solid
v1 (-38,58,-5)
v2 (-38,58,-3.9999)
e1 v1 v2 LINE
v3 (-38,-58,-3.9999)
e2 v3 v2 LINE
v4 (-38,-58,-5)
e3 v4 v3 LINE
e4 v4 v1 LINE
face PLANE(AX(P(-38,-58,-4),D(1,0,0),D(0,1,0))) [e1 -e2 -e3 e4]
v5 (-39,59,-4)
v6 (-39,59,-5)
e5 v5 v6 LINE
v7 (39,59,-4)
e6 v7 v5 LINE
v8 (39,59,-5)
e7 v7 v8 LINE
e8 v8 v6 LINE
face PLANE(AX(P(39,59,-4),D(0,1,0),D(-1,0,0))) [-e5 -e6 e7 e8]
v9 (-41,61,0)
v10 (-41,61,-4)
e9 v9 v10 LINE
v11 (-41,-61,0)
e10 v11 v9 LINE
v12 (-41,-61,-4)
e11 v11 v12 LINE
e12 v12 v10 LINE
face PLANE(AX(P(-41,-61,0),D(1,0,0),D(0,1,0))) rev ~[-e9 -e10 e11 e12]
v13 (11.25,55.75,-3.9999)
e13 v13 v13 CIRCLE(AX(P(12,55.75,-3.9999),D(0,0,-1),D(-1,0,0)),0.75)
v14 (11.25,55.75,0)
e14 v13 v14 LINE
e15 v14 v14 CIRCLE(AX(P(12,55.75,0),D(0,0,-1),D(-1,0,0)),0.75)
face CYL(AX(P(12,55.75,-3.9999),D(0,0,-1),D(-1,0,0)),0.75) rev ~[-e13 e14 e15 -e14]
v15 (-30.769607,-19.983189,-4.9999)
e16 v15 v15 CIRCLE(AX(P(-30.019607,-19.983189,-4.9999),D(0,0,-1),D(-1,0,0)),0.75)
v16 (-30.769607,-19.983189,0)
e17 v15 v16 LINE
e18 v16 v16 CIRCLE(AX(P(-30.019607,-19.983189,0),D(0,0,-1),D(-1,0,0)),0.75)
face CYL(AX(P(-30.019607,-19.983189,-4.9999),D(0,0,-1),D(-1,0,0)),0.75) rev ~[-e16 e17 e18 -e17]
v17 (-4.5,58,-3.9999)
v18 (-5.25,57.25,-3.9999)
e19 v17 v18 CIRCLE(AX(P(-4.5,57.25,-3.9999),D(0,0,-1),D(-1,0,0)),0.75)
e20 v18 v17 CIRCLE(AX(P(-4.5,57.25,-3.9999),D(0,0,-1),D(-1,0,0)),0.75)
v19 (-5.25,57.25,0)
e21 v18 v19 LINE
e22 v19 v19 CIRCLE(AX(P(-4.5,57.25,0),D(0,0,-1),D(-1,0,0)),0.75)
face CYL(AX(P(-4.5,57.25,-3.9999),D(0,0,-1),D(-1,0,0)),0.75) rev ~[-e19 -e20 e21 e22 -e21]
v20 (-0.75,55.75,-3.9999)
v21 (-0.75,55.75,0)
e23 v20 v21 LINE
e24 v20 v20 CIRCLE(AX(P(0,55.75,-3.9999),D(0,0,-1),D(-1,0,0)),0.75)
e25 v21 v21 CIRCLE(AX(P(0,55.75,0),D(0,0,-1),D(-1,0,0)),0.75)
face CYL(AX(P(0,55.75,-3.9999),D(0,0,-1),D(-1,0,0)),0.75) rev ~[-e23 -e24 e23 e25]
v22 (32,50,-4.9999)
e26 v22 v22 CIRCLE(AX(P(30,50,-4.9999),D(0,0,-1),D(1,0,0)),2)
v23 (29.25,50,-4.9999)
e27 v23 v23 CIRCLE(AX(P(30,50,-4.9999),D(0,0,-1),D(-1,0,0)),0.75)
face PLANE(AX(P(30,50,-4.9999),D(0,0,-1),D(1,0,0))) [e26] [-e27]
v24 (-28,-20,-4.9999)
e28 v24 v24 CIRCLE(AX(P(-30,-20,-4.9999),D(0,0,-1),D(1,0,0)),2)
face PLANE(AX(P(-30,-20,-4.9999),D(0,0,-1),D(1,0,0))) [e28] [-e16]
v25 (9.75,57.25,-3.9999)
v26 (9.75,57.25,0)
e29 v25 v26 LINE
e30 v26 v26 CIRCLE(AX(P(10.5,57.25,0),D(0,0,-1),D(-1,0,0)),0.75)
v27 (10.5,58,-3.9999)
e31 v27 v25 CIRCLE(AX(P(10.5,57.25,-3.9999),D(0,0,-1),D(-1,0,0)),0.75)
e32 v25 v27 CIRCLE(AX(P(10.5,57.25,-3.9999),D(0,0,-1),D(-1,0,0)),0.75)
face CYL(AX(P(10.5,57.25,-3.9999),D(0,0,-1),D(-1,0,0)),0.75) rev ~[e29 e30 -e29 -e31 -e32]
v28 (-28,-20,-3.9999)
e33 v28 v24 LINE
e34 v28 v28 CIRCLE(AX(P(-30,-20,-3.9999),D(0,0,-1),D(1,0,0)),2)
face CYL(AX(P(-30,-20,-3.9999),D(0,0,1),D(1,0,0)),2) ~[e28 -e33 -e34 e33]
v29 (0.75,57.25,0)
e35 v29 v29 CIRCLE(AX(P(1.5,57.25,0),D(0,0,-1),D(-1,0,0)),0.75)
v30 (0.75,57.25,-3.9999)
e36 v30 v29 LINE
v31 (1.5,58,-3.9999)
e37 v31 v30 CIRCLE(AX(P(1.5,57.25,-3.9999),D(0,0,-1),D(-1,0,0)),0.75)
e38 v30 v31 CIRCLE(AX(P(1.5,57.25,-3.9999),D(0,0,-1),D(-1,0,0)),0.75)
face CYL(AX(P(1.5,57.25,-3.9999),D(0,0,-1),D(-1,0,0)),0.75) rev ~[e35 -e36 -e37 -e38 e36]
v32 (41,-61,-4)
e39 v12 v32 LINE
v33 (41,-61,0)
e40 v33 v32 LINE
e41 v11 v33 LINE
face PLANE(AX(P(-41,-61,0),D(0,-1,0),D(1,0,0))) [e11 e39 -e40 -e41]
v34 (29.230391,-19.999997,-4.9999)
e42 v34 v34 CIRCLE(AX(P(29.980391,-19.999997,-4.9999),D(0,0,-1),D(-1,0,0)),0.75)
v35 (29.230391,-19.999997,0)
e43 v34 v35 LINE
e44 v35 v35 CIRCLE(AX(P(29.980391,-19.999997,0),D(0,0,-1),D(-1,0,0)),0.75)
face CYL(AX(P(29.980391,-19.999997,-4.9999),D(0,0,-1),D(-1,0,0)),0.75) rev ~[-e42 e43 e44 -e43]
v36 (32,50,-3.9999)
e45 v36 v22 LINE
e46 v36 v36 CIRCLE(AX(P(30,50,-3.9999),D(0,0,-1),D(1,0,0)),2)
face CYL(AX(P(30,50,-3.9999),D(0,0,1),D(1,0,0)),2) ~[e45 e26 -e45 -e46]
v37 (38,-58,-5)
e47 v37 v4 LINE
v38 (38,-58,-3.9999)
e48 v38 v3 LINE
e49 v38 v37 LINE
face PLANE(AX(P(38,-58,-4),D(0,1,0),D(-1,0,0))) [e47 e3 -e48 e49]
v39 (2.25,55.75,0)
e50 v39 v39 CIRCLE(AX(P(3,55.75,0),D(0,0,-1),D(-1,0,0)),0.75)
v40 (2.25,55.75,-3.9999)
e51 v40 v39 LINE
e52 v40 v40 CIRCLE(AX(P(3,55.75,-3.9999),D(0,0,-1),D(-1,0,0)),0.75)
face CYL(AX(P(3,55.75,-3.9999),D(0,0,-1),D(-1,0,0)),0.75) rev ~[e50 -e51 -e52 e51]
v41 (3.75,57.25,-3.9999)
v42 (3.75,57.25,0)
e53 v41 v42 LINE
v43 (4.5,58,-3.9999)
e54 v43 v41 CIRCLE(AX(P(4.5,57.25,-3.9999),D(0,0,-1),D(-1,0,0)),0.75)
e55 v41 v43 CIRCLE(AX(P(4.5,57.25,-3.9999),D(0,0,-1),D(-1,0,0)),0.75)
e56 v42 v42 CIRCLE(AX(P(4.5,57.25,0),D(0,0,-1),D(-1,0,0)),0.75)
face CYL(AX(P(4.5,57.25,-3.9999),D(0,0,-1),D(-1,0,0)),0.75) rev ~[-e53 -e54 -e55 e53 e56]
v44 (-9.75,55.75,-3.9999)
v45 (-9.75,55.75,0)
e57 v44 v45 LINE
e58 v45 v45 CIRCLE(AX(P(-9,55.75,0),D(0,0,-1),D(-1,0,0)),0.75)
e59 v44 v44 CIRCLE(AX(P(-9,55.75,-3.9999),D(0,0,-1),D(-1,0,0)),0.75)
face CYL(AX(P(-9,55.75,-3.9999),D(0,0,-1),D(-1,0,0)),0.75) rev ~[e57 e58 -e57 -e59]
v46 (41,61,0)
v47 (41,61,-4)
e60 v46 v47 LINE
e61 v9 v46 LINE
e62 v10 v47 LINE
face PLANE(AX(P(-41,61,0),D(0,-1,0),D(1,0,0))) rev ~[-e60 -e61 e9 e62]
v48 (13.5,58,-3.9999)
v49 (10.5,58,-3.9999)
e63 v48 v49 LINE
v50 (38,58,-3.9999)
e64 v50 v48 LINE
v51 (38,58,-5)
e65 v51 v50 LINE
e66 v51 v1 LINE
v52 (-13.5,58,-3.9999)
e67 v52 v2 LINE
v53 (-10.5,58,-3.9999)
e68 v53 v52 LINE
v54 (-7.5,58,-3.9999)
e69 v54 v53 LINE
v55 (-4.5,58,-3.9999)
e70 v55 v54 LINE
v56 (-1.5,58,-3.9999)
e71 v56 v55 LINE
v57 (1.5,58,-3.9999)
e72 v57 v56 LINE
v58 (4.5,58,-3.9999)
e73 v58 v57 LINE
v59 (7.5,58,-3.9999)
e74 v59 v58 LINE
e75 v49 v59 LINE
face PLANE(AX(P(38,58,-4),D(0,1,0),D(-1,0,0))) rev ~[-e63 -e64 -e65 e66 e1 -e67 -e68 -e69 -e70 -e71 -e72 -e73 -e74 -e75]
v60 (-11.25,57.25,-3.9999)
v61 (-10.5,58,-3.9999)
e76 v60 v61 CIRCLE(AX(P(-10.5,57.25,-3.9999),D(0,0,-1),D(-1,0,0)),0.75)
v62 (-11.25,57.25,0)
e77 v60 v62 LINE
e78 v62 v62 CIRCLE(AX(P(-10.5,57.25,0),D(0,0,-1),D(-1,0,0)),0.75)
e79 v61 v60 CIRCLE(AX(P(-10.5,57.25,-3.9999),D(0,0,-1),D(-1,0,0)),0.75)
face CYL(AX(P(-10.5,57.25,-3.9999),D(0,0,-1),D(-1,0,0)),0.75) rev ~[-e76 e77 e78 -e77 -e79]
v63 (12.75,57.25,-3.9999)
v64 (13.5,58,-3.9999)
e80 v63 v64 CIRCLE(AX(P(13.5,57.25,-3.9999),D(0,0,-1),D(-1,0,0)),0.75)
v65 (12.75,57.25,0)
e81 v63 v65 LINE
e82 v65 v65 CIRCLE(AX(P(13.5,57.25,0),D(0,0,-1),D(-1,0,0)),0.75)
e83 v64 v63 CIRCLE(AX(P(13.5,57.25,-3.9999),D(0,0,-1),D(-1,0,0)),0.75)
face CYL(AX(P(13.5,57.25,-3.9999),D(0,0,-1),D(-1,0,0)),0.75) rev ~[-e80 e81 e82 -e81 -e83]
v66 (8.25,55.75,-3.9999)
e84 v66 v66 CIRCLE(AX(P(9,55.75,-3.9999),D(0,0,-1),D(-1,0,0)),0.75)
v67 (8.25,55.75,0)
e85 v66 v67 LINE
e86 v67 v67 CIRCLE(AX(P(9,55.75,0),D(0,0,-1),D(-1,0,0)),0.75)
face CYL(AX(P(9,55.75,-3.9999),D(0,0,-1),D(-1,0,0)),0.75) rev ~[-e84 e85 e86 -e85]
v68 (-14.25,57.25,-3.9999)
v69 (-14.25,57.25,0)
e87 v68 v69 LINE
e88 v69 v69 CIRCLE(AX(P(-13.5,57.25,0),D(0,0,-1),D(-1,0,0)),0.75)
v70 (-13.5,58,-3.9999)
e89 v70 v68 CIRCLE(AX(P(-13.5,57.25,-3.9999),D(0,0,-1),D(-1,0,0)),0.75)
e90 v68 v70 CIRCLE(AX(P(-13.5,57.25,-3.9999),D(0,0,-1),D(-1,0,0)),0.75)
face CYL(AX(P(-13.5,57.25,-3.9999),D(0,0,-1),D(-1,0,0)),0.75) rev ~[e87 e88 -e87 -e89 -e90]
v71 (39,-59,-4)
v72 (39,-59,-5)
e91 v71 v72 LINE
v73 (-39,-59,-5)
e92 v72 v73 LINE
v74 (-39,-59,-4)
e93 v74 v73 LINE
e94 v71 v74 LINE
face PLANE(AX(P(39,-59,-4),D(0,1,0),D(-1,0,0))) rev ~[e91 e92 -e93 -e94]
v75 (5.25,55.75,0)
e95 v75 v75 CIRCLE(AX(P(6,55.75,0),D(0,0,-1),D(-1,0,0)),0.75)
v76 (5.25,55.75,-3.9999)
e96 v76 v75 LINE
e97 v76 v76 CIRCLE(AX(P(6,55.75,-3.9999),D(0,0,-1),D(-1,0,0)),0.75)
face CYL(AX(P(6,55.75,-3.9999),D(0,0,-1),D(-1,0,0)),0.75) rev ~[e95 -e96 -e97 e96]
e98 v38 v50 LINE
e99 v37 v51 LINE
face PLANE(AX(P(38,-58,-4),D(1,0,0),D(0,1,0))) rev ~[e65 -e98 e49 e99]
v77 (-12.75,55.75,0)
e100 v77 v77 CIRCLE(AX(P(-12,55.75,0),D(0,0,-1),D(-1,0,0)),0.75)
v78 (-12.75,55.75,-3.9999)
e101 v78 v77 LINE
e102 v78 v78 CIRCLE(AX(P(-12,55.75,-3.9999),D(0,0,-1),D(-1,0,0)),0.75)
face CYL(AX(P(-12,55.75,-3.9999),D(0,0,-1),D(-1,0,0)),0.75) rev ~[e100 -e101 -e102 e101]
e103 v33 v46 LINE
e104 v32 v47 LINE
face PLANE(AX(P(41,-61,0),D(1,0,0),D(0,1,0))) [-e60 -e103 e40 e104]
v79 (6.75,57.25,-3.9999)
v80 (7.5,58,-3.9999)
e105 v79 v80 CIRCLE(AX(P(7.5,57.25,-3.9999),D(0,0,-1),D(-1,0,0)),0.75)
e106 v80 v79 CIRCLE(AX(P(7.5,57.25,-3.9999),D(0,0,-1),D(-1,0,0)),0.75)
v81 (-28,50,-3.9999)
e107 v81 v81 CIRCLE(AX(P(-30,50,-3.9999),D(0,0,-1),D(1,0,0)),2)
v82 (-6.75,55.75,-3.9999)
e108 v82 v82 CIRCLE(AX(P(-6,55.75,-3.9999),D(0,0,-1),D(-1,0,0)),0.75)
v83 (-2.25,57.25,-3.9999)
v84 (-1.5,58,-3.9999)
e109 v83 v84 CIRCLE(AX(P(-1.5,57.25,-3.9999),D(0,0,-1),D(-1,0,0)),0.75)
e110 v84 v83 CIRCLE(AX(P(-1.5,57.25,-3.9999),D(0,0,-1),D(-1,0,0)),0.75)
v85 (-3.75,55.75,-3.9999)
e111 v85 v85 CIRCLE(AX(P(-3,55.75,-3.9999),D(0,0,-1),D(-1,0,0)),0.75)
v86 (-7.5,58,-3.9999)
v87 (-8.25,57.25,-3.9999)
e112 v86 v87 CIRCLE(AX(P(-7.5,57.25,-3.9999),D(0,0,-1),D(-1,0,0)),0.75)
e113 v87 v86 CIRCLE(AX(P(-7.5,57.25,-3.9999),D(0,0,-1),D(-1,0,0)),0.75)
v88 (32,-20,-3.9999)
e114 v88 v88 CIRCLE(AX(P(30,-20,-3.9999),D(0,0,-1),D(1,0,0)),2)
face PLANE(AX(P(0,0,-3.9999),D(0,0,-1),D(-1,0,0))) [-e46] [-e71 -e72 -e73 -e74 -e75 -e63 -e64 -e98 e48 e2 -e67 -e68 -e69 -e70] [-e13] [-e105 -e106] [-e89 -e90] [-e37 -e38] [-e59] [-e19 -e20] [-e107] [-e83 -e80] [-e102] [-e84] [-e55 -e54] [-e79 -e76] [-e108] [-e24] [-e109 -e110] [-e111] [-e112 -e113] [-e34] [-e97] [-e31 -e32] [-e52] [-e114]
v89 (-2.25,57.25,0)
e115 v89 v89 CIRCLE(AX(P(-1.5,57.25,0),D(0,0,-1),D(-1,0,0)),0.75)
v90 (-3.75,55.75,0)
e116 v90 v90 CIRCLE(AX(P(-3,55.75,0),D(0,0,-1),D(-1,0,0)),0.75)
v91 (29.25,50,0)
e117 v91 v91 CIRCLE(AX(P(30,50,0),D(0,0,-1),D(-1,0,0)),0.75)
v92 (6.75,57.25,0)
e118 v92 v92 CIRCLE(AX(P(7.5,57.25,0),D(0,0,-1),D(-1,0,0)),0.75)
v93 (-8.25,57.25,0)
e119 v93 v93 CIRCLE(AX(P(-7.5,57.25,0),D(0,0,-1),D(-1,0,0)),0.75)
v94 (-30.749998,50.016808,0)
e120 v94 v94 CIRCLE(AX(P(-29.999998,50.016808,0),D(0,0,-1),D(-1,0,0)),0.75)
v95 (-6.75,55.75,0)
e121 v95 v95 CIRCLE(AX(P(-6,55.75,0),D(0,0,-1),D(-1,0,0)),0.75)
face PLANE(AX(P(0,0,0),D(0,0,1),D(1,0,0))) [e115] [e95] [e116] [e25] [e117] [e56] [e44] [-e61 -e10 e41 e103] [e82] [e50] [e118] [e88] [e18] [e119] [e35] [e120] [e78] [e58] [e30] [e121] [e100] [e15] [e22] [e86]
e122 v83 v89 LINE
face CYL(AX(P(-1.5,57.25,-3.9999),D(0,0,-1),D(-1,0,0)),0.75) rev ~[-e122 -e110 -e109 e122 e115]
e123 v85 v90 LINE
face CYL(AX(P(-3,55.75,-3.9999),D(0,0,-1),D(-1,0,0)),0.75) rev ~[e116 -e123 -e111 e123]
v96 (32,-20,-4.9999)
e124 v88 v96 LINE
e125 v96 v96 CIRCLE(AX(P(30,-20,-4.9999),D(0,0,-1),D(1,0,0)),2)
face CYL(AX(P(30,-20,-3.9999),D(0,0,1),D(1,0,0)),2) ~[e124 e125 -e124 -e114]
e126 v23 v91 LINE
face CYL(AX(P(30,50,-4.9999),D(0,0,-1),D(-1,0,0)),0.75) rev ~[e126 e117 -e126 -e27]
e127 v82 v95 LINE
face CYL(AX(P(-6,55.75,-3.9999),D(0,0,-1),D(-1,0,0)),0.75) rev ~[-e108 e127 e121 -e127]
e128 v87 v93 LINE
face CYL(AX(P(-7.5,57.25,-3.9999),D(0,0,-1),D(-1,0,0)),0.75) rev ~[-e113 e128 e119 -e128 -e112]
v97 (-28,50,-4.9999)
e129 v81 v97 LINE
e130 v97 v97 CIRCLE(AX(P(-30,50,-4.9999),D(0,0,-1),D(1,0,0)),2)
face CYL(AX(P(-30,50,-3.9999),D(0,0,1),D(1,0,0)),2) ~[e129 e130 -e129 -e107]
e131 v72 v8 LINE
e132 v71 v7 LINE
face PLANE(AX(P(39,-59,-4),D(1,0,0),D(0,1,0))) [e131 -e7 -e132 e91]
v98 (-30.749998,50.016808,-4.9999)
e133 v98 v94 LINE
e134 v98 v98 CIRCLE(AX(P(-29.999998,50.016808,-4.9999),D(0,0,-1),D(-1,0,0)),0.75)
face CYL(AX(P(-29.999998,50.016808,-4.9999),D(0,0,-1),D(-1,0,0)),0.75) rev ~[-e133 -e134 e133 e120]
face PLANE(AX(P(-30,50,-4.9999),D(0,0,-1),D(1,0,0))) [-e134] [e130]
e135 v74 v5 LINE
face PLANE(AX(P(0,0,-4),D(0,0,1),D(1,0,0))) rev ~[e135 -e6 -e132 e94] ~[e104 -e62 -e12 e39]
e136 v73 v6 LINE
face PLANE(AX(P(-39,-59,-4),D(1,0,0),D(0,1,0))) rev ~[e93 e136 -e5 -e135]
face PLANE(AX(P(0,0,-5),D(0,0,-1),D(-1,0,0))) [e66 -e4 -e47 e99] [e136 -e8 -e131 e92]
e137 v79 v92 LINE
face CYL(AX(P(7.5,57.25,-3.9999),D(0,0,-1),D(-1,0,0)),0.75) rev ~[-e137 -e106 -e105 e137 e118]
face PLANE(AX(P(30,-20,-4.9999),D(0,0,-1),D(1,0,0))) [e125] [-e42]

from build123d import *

# Parameters (mm, degrees)
SKETCH1_W           = 82
SKETCH1_H           = 122
BOSS_EXTRUDE1_DEPTH = 4
SKETCH2_W           = 76
SKETCH2_H           = 116
CUT_EXTRUDE1_DEPTH  = 0.0001
SKETCH6_W           = 78
SKETCH6_H           = 118
SKETCH6_W_2         = 76
SKETCH6_H_2         = 116
BOSS_EXTRUDE4_DEPTH = 1
SKETCH3_R           = 2
BOSS_EXTRUDE2_DEPTH = 1
SKETCH5_R           = 0.75
CUT_EXTRUDE2_DEPTH  = 74.66816816
SKETCH7_R           = 0.75
CUT_EXTRUDE3_DEPTH  = 74.607059444


with BuildPart() as part:
    # Sketch1 → Boss-Extrude1 (new body)
    with BuildSketch(Plane.XY):
        Rectangle(SKETCH1_W, SKETCH1_H)
    extrude(amount=-BOSS_EXTRUDE1_DEPTH)

    # Sketch2 → Cut-Extrude1 (cut)
    with BuildSketch(Plane(origin=(0, 0, -4), x_dir=(-1, 0, 0), z_dir=(0, 0, -1))):
        Rectangle(SKETCH2_W, SKETCH2_H)
    extrude(amount=-CUT_EXTRUDE1_DEPTH, mode=Mode.SUBTRACT)

    # Sketch6 → Boss-Extrude4 (add)
    with BuildSketch(Plane(origin=(0, 0, -4), x_dir=(-1, 0, 0), z_dir=(0, 0, -1))):
        Rectangle(SKETCH6_W, SKETCH6_H)
        Rectangle(SKETCH6_W_2, SKETCH6_H_2, mode=Mode.SUBTRACT)
    extrude(amount=BOSS_EXTRUDE4_DEPTH)

    # Sketch3 → Boss-Extrude2 (add)
    with BuildSketch(Plane(origin=(0, 0, -3.9999), x_dir=(-1, 0, 0), z_dir=(0, 0, -1))):
        with Locations(Location((30, 50, 0), (0, 0, 180))):
            Circle(SKETCH3_R)
        with Locations(Location((-30, 50, 0), (0, 0, 180))):
            Circle(SKETCH3_R)
        with Locations(Location((30, -20, 0), (0, 0, 180))):
            Circle(SKETCH3_R)
        with Locations(Location((-30, -20, 0), (0, 0, 180))):
            Circle(SKETCH3_R)
    extrude(amount=BOSS_EXTRUDE2_DEPTH)

    # Sketch5 → Cut-Extrude2 (cut, through all)
    with BuildSketch(Plane(origin=(0, 0, -4.9999), x_dir=(-1, 0, 0), z_dir=(0, 0, -1))):
        with Locations((-30, 50)):
            Circle(SKETCH5_R)
        with Locations((29.999997646, 50.016807976)):
            Circle(SKETCH5_R)
        with Locations((30.019606951, -19.983189277)):
            Circle(SKETCH5_R)
        with Locations((-29.980390695, -19.999997253)):
            Circle(SKETCH5_R)
    extrude(amount=-CUT_EXTRUDE2_DEPTH, mode=Mode.SUBTRACT)

    # Sketch7 → Cut-Extrude3 (cut, through all)
    with BuildSketch(Plane(origin=(0, 0, -3.9999), x_dir=(-1, 0, 0), z_dir=(0, 0, -1))):
        with Locations((13.5, 57.25)):
            Circle(SKETCH7_R)
        with Locations((10.5, 57.25)):
            Circle(SKETCH7_R)
        with Locations((7.5, 57.25)):
            Circle(SKETCH7_R)
        with Locations((4.5, 57.25)):
            Circle(SKETCH7_R)
        with Locations((1.5, 57.25)):
            Circle(SKETCH7_R)
        with Locations((-1.5, 57.25)):
            Circle(SKETCH7_R)
        with Locations((-4.5, 57.25)):
            Circle(SKETCH7_R)
        with Locations((-7.5, 57.25)):
            Circle(SKETCH7_R)
        with Locations((-10.5, 57.25)):
            Circle(SKETCH7_R)
        with Locations((-13.5, 57.25)):
            Circle(SKETCH7_R)
        with Locations((12, 55.75)):
            Circle(SKETCH7_R)
        with Locations((9, 55.75)):
            Circle(SKETCH7_R)
        with Locations((6, 55.75)):
            Circle(SKETCH7_R)
        with Locations((3, 55.75)):
            Circle(SKETCH7_R)
        with Locations((0, 55.75)):
            Circle(SKETCH7_R)
        with Locations((-3, 55.75)):
            Circle(SKETCH7_R)
        with Locations((-6, 55.75)):
            Circle(SKETCH7_R)
        with Locations((-9, 55.75)):
            Circle(SKETCH7_R)
        with Locations((-12, 55.75)):
            Circle(SKETCH7_R)
    extrude(amount=-CUT_EXTRUDE3_DEPTH, mode=Mode.SUBTRACT)


solid = part.part
